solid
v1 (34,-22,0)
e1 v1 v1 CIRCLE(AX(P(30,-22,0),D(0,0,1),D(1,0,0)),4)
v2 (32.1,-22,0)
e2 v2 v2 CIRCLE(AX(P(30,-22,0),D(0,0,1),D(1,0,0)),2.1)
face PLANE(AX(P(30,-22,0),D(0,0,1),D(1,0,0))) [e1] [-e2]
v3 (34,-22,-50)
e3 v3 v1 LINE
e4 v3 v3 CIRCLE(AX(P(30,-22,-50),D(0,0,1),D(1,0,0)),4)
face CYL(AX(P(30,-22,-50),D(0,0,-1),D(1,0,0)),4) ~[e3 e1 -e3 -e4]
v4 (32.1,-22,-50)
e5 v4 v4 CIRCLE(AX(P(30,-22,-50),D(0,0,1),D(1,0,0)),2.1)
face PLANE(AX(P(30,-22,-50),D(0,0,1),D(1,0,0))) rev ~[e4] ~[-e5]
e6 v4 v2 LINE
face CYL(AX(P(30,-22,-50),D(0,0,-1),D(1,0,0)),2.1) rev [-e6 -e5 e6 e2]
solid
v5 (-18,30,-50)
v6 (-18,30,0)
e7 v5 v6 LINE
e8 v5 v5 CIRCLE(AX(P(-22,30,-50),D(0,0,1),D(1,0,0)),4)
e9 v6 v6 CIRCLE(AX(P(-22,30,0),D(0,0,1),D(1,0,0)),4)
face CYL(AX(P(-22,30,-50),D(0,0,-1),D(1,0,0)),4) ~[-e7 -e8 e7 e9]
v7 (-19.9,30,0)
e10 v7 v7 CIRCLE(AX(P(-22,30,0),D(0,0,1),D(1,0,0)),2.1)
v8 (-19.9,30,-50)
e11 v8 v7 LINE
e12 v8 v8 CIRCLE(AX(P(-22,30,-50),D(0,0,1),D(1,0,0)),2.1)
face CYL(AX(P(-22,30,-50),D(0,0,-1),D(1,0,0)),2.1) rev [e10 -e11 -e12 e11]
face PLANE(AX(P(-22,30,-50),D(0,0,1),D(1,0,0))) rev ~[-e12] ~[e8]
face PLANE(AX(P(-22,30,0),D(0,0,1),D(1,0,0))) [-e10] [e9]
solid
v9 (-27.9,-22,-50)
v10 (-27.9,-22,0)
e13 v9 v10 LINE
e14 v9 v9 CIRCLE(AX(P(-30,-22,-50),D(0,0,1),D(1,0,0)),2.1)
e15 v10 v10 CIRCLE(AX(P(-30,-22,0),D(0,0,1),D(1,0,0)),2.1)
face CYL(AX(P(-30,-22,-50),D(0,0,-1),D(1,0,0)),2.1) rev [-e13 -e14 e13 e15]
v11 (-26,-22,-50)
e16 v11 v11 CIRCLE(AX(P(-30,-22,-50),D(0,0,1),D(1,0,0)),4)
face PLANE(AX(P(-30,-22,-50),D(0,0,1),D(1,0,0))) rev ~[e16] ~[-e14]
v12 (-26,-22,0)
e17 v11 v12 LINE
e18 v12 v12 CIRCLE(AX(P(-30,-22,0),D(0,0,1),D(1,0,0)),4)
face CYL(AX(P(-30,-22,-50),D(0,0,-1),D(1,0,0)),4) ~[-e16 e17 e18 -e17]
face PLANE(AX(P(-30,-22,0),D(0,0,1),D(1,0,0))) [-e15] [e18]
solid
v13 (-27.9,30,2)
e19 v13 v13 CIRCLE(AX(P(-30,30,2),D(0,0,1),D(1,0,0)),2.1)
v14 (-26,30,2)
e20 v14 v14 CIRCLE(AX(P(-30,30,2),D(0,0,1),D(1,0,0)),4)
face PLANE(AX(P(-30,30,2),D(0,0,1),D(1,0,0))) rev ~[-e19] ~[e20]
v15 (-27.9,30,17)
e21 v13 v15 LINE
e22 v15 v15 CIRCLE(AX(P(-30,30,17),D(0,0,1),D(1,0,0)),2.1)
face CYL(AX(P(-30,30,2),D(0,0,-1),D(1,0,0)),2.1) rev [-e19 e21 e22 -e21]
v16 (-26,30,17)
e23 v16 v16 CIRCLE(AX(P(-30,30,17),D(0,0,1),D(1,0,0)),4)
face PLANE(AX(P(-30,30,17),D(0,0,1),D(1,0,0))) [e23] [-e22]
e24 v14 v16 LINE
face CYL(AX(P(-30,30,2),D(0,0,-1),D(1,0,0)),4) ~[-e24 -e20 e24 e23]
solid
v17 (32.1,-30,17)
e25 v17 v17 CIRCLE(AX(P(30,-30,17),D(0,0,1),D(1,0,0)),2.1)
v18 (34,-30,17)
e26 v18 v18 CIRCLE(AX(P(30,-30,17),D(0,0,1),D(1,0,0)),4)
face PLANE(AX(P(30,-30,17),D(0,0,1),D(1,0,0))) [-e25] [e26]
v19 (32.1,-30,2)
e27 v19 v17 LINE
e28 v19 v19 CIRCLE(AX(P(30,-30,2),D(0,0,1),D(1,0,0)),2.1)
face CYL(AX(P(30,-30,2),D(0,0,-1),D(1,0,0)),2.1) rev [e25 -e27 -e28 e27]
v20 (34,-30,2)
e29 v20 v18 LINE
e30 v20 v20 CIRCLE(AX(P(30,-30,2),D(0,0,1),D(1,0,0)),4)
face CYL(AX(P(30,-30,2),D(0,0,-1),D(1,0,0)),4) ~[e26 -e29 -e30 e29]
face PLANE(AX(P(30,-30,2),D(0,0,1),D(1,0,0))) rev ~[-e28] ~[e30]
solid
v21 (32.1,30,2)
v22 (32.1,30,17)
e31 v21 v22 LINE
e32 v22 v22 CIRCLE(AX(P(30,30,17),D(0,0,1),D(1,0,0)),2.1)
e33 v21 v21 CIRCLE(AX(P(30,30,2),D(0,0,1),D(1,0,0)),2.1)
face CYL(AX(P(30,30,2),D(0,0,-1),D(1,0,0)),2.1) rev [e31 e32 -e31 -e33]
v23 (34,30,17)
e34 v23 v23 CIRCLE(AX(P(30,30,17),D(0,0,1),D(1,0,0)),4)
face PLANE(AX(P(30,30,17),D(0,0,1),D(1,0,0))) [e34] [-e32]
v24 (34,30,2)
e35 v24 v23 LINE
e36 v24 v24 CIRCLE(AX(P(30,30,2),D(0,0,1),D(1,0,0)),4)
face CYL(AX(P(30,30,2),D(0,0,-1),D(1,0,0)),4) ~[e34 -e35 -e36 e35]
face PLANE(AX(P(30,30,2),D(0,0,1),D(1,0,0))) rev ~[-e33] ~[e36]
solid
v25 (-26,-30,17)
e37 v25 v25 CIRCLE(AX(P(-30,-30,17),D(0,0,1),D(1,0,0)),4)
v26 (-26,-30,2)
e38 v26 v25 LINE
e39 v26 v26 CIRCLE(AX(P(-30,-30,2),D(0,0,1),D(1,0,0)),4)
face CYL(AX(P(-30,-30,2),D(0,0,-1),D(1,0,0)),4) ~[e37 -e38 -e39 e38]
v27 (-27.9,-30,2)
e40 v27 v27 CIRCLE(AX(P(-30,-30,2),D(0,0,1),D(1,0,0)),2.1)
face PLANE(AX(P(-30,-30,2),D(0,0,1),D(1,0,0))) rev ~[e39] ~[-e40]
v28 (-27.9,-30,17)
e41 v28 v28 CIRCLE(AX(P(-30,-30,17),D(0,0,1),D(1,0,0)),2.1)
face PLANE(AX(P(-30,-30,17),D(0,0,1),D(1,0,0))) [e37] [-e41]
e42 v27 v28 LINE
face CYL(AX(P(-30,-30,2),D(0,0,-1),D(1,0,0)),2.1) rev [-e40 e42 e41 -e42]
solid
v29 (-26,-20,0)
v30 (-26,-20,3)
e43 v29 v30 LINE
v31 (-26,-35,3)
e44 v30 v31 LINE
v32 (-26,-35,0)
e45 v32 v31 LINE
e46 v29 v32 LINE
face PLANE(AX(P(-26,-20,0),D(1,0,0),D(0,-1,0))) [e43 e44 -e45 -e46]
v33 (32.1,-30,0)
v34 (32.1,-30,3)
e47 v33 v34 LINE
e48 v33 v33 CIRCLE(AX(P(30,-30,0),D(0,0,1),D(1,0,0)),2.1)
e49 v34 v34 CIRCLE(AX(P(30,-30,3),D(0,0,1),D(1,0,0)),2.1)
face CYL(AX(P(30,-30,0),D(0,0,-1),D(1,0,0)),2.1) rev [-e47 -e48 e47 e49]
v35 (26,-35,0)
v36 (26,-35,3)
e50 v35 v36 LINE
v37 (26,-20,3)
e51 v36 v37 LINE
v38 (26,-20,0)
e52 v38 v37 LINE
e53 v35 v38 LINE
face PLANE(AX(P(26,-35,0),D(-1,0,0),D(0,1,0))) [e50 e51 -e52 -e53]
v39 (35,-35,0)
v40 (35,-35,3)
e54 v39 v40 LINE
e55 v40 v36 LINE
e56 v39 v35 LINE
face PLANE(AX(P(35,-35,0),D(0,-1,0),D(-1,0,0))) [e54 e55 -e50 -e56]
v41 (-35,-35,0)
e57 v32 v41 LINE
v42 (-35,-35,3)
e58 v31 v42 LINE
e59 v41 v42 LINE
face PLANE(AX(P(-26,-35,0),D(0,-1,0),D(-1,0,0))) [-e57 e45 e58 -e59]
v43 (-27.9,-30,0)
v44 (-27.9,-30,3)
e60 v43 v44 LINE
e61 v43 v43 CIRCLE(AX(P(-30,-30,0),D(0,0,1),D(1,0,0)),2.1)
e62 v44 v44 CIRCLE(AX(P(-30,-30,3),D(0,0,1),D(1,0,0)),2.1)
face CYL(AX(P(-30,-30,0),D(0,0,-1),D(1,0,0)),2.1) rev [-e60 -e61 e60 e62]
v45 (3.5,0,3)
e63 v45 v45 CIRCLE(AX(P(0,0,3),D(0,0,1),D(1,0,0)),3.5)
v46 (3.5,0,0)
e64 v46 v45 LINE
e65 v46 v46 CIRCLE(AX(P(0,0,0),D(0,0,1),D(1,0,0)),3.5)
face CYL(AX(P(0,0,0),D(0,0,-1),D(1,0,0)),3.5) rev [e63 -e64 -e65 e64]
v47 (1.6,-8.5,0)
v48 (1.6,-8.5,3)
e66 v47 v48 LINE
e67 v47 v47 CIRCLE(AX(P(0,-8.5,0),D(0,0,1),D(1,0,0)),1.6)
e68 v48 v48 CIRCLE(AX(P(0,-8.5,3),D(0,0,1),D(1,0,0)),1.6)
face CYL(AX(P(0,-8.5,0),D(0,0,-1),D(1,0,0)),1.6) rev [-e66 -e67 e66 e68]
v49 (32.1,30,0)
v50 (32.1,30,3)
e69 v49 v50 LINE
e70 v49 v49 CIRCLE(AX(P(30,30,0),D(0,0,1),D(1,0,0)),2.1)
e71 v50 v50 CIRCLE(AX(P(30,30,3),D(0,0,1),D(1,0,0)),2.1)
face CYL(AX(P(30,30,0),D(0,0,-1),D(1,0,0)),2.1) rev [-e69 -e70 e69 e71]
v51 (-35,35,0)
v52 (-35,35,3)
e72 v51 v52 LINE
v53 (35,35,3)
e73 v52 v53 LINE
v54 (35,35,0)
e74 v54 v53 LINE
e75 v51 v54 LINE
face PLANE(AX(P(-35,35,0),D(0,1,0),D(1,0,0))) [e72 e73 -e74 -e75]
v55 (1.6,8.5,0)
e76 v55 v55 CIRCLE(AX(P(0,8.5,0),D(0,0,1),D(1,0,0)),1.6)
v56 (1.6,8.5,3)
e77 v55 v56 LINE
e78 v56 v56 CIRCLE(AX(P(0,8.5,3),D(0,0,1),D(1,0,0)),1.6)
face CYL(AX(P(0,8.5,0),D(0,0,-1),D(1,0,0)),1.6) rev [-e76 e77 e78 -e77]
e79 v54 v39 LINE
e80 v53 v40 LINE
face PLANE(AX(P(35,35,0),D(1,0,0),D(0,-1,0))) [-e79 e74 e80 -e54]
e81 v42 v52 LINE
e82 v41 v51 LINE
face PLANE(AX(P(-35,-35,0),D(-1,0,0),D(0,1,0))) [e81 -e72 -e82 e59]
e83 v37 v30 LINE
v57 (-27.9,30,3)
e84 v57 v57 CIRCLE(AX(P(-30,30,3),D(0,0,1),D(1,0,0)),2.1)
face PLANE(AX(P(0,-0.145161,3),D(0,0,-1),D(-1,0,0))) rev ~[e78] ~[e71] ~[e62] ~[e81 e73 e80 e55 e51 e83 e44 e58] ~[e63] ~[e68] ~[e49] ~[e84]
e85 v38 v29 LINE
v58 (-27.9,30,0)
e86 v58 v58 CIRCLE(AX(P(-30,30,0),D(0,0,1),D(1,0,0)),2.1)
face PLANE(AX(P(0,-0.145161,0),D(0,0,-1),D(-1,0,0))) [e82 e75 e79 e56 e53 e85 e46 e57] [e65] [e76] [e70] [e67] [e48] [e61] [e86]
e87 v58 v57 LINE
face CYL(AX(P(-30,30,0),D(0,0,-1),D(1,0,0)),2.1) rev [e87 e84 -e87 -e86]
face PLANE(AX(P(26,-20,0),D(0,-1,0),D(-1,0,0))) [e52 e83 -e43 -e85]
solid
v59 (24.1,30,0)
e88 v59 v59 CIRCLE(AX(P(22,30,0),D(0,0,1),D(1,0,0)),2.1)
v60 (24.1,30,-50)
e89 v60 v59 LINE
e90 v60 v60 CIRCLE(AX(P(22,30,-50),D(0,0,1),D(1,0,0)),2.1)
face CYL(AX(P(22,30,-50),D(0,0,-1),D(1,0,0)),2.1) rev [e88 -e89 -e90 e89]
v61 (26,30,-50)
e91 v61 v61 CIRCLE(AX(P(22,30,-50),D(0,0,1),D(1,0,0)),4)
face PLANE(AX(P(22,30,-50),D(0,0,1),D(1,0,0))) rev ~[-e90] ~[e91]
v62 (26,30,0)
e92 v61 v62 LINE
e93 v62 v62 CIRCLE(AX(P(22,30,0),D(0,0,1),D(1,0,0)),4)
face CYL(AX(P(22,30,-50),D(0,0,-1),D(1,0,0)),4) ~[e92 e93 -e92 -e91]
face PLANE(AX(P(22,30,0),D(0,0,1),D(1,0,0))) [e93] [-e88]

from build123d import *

# Parameters (mm, degrees)
SKETCH002_R   = 3.5
SKETCH002_R_2 = 1.6
SKETCH002_R_3 = 2.1
PAD_DEPTH     = 3
SKETCH003_R   = 4
SKETCH003_R_2 = 2.1
PAD001_DEPTH  = 15
SKETCH004_R   = 4
SKETCH004_R_2 = 2.1
PAD002_DEPTH  = 50


with BuildPart() as pad:
    # Sketch002 → Pad (new body)
    with BuildSketch(Plane.XY):
        Polygon((-35, 35), (35, 35), (35, -35), (26, -35), (26, -20), (-26, -20), (-26, -35), (-35, -35), align=None)
        Circle(SKETCH002_R, mode=Mode.SUBTRACT)
        with Locations((0, 8.5)):
            Circle(SKETCH002_R_2, mode=Mode.SUBTRACT)
        with Locations((0, -8.5)):
            Circle(SKETCH002_R_2, mode=Mode.SUBTRACT)
        with Locations((30, 30)):
            Circle(SKETCH002_R_3, mode=Mode.SUBTRACT)
        with Locations((-30, 30)):
            Circle(SKETCH002_R_3, mode=Mode.SUBTRACT)
        with Locations((-30, -30)):
            Circle(SKETCH002_R_3, mode=Mode.SUBTRACT)
        with Locations((30, -30)):
            Circle(SKETCH002_R_3, mode=Mode.SUBTRACT)
    extrude(amount=PAD_DEPTH)


with BuildPart() as pad001:
    # Sketch003 → Pad001 (new body)
    with BuildSketch(Plane.XY.offset(2)):
        with Locations((-30, 30)):
            Circle(SKETCH003_R)
        with Locations((-30, 30)):
            Circle(SKETCH003_R_2, mode=Mode.SUBTRACT)
        with Locations((30, 30)):
            Circle(SKETCH003_R)
        with Locations((30, 30)):
            Circle(SKETCH003_R_2, mode=Mode.SUBTRACT)
        with Locations((30, -30)):
            Circle(SKETCH003_R)
        with Locations((30, -30)):
            Circle(SKETCH003_R_2, mode=Mode.SUBTRACT)
        with Locations((-30, -30)):
            Circle(SKETCH003_R)
        with Locations((-30, -30)):
            Circle(SKETCH003_R_2, mode=Mode.SUBTRACT)
    extrude(amount=PAD001_DEPTH)


with BuildPart() as pad002:
    # Sketch004 → Pad002 (new body)
    with BuildSketch(Plane.XY.offset(-50)):
        with Locations((-22, 30)):
            Circle(SKETCH004_R)
        with Locations((-22, 30)):
            Circle(SKETCH004_R_2, mode=Mode.SUBTRACT)
        with Locations((22, 30)):
            Circle(SKETCH004_R)
        with Locations((22, 30)):
            Circle(SKETCH004_R_2, mode=Mode.SUBTRACT)
        with Locations((30, -22)):
            Circle(SKETCH004_R)
        with Locations((30, -22)):
            Circle(SKETCH004_R_2, mode=Mode.SUBTRACT)
        with Locations((-30, -22)):
            Circle(SKETCH004_R)
        with Locations((-30, -22)):
            Circle(SKETCH004_R_2, mode=Mode.SUBTRACT)
    extrude(amount=PAD002_DEPTH)


solid = Compound([pad.part, pad001.part, pad002.part])
